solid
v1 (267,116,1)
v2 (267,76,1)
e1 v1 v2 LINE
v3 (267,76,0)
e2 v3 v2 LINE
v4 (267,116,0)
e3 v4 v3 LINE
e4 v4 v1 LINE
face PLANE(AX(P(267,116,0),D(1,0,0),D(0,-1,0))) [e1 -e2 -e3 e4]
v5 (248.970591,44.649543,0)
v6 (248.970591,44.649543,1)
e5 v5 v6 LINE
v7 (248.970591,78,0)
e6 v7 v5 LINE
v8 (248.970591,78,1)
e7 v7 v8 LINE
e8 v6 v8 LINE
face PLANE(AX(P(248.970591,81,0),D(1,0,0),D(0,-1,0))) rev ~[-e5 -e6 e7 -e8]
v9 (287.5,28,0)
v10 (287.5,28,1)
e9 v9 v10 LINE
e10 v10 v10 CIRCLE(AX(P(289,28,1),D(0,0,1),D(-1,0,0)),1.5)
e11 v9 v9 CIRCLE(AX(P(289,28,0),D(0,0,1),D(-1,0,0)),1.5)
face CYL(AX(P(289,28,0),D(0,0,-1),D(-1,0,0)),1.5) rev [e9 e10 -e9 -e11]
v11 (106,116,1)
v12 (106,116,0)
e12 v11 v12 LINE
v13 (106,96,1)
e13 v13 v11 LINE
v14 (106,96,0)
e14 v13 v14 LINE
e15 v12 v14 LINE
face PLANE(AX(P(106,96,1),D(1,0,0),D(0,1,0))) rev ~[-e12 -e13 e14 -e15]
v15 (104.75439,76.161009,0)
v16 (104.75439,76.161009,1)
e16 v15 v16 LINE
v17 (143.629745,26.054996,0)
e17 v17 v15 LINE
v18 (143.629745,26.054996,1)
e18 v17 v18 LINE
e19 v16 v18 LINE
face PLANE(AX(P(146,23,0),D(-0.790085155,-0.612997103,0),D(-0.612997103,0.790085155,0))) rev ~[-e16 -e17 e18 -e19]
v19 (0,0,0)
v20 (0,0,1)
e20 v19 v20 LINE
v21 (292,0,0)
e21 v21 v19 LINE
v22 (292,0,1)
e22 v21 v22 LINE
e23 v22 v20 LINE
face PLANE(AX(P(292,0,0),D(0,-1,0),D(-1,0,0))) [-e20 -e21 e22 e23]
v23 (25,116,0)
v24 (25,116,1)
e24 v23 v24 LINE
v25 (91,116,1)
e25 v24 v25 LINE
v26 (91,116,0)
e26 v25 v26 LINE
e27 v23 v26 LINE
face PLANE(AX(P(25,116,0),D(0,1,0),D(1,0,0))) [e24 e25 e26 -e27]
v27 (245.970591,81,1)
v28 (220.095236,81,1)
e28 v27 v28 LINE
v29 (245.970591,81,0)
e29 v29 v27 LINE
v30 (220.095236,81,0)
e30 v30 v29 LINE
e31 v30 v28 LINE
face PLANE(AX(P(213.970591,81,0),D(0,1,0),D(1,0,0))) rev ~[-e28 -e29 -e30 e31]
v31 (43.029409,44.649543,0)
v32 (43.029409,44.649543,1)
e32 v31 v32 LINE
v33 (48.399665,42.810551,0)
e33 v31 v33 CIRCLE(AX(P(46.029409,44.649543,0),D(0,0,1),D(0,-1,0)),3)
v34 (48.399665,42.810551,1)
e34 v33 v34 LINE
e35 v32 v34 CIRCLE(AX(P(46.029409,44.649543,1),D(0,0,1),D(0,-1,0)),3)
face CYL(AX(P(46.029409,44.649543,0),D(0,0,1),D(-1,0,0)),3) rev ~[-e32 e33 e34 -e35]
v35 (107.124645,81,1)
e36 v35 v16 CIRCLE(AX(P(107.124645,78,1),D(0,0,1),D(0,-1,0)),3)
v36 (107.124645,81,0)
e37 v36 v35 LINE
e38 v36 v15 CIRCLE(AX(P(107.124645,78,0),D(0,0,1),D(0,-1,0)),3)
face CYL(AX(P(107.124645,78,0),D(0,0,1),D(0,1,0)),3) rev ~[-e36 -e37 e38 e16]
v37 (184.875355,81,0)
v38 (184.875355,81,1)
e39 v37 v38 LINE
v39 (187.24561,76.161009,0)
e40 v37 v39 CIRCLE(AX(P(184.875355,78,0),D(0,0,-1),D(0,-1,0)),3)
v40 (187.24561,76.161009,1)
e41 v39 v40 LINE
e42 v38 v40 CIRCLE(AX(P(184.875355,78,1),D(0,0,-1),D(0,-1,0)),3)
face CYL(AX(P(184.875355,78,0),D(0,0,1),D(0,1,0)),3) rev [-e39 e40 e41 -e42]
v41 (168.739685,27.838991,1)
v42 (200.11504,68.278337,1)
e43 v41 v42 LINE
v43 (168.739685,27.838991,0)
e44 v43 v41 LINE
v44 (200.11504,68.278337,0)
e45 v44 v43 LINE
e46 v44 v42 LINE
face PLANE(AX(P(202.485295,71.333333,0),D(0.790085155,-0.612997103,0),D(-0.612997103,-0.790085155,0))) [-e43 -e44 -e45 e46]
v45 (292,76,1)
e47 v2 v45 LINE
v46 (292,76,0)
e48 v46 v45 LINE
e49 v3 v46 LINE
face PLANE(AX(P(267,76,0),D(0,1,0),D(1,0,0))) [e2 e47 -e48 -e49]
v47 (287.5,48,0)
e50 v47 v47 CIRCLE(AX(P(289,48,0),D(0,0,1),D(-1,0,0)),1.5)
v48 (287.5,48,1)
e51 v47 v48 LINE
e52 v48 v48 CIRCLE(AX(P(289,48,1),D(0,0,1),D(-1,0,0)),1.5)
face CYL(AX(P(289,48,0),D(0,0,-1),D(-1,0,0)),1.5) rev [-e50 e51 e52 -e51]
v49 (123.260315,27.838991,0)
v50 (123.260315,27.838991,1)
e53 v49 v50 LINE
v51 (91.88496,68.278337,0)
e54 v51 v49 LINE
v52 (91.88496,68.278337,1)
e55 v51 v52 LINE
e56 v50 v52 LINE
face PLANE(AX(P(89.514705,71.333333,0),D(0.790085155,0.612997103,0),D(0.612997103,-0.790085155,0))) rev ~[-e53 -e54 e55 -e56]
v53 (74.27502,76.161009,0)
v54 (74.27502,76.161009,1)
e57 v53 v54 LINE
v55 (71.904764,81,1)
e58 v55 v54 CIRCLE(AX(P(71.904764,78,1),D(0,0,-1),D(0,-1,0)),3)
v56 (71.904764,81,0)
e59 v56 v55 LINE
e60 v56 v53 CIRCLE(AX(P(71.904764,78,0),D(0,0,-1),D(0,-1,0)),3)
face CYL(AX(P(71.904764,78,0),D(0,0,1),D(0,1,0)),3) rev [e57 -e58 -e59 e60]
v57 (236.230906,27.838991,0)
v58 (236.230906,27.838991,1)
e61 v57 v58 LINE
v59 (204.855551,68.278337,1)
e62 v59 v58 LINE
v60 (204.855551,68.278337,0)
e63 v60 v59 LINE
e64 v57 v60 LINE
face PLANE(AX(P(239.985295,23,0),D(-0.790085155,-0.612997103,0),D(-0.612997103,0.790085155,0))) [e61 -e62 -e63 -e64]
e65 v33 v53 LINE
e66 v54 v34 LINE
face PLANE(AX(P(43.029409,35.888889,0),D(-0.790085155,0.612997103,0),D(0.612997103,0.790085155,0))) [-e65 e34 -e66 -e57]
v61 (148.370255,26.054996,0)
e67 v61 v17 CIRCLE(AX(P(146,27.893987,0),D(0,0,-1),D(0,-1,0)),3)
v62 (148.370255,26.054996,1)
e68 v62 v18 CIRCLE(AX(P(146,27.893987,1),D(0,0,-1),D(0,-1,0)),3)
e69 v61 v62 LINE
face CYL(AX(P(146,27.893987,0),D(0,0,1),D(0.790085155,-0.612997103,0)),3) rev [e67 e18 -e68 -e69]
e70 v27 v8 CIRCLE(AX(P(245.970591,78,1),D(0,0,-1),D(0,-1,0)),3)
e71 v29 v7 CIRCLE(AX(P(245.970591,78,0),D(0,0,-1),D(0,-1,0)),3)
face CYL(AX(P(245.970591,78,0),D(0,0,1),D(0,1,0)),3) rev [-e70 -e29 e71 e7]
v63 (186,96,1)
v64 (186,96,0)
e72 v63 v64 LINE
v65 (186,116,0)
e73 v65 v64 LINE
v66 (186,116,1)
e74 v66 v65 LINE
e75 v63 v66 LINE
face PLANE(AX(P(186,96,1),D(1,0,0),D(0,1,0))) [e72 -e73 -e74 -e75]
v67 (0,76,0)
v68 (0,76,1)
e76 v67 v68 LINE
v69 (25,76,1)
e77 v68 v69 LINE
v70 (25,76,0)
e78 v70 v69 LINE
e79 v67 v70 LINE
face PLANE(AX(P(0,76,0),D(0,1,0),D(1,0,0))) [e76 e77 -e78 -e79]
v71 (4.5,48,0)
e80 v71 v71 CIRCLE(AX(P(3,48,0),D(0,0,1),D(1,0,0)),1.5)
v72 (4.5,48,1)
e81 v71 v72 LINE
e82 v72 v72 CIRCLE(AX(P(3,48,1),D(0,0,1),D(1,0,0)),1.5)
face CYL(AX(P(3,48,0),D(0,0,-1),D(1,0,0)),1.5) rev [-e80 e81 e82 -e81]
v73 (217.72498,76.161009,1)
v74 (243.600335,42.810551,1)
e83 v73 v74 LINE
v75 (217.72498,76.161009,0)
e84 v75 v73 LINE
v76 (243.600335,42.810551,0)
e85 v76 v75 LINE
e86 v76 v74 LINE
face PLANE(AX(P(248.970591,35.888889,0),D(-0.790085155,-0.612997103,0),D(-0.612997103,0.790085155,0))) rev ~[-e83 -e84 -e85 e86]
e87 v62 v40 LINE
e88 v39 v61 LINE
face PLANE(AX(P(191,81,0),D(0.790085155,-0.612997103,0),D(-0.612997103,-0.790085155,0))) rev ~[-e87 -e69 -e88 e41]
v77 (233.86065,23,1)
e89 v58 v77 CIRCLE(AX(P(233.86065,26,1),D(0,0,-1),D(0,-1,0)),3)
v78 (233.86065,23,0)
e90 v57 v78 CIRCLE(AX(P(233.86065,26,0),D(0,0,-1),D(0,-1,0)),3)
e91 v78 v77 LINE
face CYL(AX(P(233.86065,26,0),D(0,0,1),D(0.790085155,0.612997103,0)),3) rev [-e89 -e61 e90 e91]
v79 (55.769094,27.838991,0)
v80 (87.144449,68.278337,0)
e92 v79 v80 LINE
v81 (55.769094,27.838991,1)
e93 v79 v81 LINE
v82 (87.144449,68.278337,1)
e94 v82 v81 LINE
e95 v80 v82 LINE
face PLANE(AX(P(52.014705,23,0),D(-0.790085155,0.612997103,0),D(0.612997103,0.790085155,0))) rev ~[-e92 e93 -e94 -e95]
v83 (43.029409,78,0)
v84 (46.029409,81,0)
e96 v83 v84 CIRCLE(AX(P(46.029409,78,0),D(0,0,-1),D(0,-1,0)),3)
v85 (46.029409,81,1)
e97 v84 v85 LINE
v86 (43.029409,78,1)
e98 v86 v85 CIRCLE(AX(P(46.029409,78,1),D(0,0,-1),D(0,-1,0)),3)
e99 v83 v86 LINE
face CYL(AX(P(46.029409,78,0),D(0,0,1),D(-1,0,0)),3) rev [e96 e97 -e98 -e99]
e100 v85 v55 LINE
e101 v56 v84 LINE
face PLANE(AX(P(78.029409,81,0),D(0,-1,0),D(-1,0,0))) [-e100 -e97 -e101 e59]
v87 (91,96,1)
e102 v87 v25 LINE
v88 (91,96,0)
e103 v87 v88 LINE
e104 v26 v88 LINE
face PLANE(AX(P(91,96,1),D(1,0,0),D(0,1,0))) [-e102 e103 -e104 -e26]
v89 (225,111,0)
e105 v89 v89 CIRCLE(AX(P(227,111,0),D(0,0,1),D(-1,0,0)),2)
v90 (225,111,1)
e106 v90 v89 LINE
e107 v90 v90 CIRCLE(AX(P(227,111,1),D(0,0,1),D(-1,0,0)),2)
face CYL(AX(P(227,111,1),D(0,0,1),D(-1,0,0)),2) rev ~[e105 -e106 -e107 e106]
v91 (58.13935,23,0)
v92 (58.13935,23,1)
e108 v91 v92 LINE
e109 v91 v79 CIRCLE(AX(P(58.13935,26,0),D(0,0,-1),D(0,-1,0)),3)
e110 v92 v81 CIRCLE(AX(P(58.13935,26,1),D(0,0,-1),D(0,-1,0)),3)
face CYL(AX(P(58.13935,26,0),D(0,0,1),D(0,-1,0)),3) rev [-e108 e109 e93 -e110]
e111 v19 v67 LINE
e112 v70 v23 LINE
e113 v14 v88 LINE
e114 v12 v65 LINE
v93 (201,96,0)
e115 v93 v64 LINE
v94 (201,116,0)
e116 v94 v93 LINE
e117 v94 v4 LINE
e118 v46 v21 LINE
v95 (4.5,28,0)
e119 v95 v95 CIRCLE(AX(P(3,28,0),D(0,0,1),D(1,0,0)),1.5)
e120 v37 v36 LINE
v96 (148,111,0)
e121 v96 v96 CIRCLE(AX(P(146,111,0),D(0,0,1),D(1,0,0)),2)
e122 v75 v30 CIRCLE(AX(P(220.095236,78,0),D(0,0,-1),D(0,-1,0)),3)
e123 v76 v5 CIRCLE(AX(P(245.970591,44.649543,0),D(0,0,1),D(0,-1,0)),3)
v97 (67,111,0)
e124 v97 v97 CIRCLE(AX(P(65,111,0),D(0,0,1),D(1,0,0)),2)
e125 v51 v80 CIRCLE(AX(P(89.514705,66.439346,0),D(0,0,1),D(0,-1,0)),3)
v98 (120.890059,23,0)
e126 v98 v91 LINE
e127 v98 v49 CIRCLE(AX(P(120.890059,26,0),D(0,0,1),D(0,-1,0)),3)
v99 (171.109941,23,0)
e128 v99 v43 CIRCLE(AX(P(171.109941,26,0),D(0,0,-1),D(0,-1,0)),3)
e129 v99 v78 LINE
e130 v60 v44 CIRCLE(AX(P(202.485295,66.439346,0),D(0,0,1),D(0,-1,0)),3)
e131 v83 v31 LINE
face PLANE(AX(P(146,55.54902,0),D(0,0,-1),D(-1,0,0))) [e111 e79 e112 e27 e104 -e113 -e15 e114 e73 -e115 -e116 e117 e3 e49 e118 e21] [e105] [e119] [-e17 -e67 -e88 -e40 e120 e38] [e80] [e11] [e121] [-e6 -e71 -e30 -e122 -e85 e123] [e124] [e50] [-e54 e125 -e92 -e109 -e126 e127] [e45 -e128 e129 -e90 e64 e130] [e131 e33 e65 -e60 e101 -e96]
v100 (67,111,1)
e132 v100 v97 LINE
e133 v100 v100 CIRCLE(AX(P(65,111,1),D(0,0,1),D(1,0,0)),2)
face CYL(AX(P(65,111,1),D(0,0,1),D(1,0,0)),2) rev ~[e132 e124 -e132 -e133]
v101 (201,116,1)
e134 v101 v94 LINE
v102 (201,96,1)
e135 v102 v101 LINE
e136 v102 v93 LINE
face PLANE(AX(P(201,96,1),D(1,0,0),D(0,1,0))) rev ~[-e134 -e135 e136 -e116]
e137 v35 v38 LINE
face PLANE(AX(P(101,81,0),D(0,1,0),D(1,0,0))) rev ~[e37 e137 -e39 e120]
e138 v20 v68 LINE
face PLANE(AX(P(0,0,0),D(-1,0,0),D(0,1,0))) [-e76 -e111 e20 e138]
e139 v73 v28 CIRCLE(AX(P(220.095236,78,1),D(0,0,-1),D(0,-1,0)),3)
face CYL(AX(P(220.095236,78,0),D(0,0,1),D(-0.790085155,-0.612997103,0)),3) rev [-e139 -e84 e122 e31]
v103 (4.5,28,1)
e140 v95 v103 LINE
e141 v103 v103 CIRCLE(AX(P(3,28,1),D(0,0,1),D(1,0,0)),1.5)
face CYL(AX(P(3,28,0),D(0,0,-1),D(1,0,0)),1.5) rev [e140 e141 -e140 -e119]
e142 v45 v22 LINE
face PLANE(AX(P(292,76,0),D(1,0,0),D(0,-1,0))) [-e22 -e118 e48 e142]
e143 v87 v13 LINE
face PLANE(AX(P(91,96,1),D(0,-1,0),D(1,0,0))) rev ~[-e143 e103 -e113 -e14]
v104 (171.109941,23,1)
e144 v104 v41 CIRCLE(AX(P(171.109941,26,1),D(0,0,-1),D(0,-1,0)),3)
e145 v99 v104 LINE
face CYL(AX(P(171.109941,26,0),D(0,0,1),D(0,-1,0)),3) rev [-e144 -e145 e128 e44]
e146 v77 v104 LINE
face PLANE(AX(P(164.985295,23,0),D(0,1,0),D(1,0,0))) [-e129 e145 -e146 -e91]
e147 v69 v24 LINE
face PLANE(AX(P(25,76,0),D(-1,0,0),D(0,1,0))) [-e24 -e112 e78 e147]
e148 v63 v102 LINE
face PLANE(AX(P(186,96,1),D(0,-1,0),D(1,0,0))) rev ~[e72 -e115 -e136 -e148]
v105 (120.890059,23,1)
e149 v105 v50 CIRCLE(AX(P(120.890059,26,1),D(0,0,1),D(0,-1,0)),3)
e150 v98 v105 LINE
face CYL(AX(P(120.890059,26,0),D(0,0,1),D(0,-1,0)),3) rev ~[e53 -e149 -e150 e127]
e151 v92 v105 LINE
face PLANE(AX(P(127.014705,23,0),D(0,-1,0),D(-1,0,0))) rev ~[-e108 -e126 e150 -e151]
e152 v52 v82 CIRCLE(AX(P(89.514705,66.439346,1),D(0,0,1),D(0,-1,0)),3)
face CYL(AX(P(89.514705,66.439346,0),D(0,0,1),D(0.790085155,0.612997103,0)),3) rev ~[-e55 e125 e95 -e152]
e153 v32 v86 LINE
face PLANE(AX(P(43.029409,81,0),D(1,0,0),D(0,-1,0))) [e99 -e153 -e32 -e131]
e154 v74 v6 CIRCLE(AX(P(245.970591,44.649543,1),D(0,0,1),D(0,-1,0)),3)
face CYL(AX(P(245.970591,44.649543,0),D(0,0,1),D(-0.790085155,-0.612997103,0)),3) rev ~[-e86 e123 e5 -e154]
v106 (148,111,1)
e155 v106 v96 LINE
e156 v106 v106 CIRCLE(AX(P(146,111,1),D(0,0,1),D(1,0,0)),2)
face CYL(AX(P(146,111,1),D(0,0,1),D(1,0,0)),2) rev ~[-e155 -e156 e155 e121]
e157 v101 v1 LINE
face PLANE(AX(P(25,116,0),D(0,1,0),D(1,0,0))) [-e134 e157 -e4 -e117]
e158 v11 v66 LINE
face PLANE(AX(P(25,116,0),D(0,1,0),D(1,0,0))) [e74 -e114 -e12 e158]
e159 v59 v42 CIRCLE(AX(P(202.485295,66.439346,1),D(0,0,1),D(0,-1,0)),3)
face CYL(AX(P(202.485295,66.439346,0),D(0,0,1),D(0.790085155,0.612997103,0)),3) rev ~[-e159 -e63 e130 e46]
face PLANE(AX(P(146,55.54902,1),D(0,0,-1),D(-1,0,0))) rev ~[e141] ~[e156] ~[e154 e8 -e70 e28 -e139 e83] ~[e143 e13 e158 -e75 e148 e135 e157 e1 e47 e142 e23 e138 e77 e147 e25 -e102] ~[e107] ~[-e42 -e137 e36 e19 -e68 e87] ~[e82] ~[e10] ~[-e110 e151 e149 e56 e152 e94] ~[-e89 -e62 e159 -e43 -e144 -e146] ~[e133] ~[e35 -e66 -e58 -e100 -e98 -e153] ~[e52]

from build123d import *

# Parameters (mm, degrees)
SKETCH_1_R          = 1.5
EXTRUDE_1_DEPTH     = 1
SKETCH_2_R          = 2
SKETCH_2_W          = 15
SKETCH_2_H          = 20
CUT_EXTRUDE_1_DEPTH = 315.198981539
CUT_EXTRUDE_2_REACH = 316.199
FILLET_1_R          = 3


with BuildPart() as part:
    # 草图1 → 凸台-拉伸1 (new body)
    with BuildSketch(Plane.XY):
        Polygon((0, 0), (0, 76), (25, 76), (25, 116), (267, 116), (267, 76), (292, 76), (292, 0), align=None)
        with Locations((3, 48)):
            Circle(SKETCH_1_R, mode=Mode.SUBTRACT)
        with Locations((3, 28)):
            Circle(SKETCH_1_R, mode=Mode.SUBTRACT)
        with Locations(Location((289, 28, 0), (0, 0, 180))):
            Circle(SKETCH_1_R, mode=Mode.SUBTRACT)
        with Locations(Location((289, 48, 0), (0, 0, 180))):
            Circle(SKETCH_1_R, mode=Mode.SUBTRACT)
    extrude(amount=EXTRUDE_1_DEPTH)

    # 草图2 → 切除-拉伸1 (cut, through all)
    with BuildSketch(Plane.XY.offset(1)):
        with Locations((65, 111)):
            Circle(SKETCH_2_R)
        with Locations(Location((227, 111, 0), (0, 0, 180))):
            Circle(SKETCH_2_R)
        with Locations((146, 111)):
            Circle(SKETCH_2_R)
        with Locations((193.5, 106)):
            Rectangle(SKETCH_2_W, SKETCH_2_H)
        with Locations((98.5, 106)):
            Rectangle(SKETCH_2_W, SKETCH_2_H)
    extrude(amount=-CUT_EXTRUDE_1_DEPTH, mode=Mode.SUBTRACT)

    # 草图3 → 切除-拉伸2 (cut, up to next)
    with BuildSketch(Plane(origin=(0, 0, 0), x_dir=(-1, 0, 0), z_dir=(0, 0, -1)), mode=Mode.PRIVATE) as cut_extrude_2_sk1:
        Polygon((-43.02940934, 35.888888889), (-78.02940934, 81), (-43.02940934, 81), align=None)
    cut_extrude_2_tool1 = extrude(cut_extrude_2_sk1.sketch, amount=-CUT_EXTRUDE_2_REACH, mode=Mode.PRIVATE) & part.part
    # 草图3 → 切除-拉伸2 (cut, up to next)
    with BuildSketch(Plane(origin=(0, 0, 0), x_dir=(-1, 0, 0), z_dir=(0, 0, -1)), mode=Mode.PRIVATE) as cut_extrude_2_sk2:
        Polygon((-127.01470467, 23), (-52.01470467, 23), (-89.51470467, 71.333333333), align=None)
    cut_extrude_2_tool2 = extrude(cut_extrude_2_sk2.sketch, amount=-CUT_EXTRUDE_2_REACH, mode=Mode.PRIVATE) & part.part
    # 草图3 → 切除-拉伸2 (cut, up to next)
    with BuildSketch(Plane(origin=(0, 0, 0), x_dir=(-1, 0, 0), z_dir=(0, 0, -1)), mode=Mode.PRIVATE) as cut_extrude_2_sk3:
        Polygon((-101, 81), (-146, 81), (-146, 23), align=None)
    cut_extrude_2_tool3 = extrude(cut_extrude_2_sk3.sketch, amount=-CUT_EXTRUDE_2_REACH, mode=Mode.PRIVATE) & part.part
    # 草图3 → 切除-拉伸2 (cut, up to next)
    with BuildSketch(Plane(origin=(0, 0, 0), x_dir=(-1, 0, 0), z_dir=(0, 0, -1)), mode=Mode.PRIVATE) as cut_extrude_2_sk4:
        Polygon((-202.48529533, 71.333333333), (-164.98529533, 23), (-239.98529533, 23), align=None)
    cut_extrude_2_tool4 = extrude(cut_extrude_2_sk4.sketch, amount=-CUT_EXTRUDE_2_REACH, mode=Mode.PRIVATE) & part.part
    # 草图3 → 切除-拉伸2 (cut, up to next)
    with BuildSketch(Plane(origin=(0, 0, 0), x_dir=(-1, 0, 0), z_dir=(0, 0, -1)), mode=Mode.PRIVATE) as cut_extrude_2_sk5:
        Polygon((-146, 81), (-191, 81), (-146, 23), align=None)
    cut_extrude_2_tool5 = extrude(cut_extrude_2_sk5.sketch, amount=-CUT_EXTRUDE_2_REACH, mode=Mode.PRIVATE) & part.part
    # 草图3 → 切除-拉伸2 (cut, up to next)
    with BuildSketch(Plane(origin=(0, 0, 0), x_dir=(-1, 0, 0), z_dir=(0, 0, -1)), mode=Mode.PRIVATE) as cut_extrude_2_sk6:
        Polygon((-248.97059066, 35.888888889), (-213.97059066, 81), (-248.97059066, 81), align=None)
    cut_extrude_2_tool6 = extrude(cut_extrude_2_sk6.sketch, amount=-CUT_EXTRUDE_2_REACH, mode=Mode.PRIVATE) & part.part
    add(cut_extrude_2_tool1.solids().sort_by_distance((54.696076, 65.962963, 0))[0], mode=Mode.SUBTRACT)
    add(cut_extrude_2_tool2.solids().sort_by_distance((89.514705, 39.111111, 0))[0], mode=Mode.SUBTRACT)
    add(cut_extrude_2_tool3.solids().sort_by_distance((131, 61.666667, 0))[0], mode=Mode.SUBTRACT)
    add(cut_extrude_2_tool4.solids().sort_by_distance((202.485295, 39.111111, 0))[0], mode=Mode.SUBTRACT)
    add(cut_extrude_2_tool5.solids().sort_by_distance((161, 61.666667, 0))[0], mode=Mode.SUBTRACT)
    add(cut_extrude_2_tool6.solids().sort_by_distance((237.303924, 65.962963, 0))[0], mode=Mode.SUBTRACT)

    # 圆角1
    fillet_1_edges = [part.edges().sort_by_distance(p)[0] for p in [
        (52.01470467, 23, 0.5),
        (127.01470467, 23, 0.5),
        (89.51470467, 71.333333333, 0.5),
        (202.48529533, 71.333333333, 0.5),
        (164.98529533, 23, 0.5),
        (239.98529533, 23, 0.5),
        (191, 81, 0.5),
        (101, 81, 0.5),
        (146, 23, 0.5),
        (213.97059066, 81, 0.5),
        (248.97059066, 35.888888889, 0.5),
        (248.97059066, 81, 0.5),
        (43.02940934, 35.888888889, 0.5),
        (78.02940934, 81, 0.5),
        (43.02940934, 81, 0.5),
    ]]
    fillet(fillet_1_edges, radius=FILLET_1_R)


solid = part.part
